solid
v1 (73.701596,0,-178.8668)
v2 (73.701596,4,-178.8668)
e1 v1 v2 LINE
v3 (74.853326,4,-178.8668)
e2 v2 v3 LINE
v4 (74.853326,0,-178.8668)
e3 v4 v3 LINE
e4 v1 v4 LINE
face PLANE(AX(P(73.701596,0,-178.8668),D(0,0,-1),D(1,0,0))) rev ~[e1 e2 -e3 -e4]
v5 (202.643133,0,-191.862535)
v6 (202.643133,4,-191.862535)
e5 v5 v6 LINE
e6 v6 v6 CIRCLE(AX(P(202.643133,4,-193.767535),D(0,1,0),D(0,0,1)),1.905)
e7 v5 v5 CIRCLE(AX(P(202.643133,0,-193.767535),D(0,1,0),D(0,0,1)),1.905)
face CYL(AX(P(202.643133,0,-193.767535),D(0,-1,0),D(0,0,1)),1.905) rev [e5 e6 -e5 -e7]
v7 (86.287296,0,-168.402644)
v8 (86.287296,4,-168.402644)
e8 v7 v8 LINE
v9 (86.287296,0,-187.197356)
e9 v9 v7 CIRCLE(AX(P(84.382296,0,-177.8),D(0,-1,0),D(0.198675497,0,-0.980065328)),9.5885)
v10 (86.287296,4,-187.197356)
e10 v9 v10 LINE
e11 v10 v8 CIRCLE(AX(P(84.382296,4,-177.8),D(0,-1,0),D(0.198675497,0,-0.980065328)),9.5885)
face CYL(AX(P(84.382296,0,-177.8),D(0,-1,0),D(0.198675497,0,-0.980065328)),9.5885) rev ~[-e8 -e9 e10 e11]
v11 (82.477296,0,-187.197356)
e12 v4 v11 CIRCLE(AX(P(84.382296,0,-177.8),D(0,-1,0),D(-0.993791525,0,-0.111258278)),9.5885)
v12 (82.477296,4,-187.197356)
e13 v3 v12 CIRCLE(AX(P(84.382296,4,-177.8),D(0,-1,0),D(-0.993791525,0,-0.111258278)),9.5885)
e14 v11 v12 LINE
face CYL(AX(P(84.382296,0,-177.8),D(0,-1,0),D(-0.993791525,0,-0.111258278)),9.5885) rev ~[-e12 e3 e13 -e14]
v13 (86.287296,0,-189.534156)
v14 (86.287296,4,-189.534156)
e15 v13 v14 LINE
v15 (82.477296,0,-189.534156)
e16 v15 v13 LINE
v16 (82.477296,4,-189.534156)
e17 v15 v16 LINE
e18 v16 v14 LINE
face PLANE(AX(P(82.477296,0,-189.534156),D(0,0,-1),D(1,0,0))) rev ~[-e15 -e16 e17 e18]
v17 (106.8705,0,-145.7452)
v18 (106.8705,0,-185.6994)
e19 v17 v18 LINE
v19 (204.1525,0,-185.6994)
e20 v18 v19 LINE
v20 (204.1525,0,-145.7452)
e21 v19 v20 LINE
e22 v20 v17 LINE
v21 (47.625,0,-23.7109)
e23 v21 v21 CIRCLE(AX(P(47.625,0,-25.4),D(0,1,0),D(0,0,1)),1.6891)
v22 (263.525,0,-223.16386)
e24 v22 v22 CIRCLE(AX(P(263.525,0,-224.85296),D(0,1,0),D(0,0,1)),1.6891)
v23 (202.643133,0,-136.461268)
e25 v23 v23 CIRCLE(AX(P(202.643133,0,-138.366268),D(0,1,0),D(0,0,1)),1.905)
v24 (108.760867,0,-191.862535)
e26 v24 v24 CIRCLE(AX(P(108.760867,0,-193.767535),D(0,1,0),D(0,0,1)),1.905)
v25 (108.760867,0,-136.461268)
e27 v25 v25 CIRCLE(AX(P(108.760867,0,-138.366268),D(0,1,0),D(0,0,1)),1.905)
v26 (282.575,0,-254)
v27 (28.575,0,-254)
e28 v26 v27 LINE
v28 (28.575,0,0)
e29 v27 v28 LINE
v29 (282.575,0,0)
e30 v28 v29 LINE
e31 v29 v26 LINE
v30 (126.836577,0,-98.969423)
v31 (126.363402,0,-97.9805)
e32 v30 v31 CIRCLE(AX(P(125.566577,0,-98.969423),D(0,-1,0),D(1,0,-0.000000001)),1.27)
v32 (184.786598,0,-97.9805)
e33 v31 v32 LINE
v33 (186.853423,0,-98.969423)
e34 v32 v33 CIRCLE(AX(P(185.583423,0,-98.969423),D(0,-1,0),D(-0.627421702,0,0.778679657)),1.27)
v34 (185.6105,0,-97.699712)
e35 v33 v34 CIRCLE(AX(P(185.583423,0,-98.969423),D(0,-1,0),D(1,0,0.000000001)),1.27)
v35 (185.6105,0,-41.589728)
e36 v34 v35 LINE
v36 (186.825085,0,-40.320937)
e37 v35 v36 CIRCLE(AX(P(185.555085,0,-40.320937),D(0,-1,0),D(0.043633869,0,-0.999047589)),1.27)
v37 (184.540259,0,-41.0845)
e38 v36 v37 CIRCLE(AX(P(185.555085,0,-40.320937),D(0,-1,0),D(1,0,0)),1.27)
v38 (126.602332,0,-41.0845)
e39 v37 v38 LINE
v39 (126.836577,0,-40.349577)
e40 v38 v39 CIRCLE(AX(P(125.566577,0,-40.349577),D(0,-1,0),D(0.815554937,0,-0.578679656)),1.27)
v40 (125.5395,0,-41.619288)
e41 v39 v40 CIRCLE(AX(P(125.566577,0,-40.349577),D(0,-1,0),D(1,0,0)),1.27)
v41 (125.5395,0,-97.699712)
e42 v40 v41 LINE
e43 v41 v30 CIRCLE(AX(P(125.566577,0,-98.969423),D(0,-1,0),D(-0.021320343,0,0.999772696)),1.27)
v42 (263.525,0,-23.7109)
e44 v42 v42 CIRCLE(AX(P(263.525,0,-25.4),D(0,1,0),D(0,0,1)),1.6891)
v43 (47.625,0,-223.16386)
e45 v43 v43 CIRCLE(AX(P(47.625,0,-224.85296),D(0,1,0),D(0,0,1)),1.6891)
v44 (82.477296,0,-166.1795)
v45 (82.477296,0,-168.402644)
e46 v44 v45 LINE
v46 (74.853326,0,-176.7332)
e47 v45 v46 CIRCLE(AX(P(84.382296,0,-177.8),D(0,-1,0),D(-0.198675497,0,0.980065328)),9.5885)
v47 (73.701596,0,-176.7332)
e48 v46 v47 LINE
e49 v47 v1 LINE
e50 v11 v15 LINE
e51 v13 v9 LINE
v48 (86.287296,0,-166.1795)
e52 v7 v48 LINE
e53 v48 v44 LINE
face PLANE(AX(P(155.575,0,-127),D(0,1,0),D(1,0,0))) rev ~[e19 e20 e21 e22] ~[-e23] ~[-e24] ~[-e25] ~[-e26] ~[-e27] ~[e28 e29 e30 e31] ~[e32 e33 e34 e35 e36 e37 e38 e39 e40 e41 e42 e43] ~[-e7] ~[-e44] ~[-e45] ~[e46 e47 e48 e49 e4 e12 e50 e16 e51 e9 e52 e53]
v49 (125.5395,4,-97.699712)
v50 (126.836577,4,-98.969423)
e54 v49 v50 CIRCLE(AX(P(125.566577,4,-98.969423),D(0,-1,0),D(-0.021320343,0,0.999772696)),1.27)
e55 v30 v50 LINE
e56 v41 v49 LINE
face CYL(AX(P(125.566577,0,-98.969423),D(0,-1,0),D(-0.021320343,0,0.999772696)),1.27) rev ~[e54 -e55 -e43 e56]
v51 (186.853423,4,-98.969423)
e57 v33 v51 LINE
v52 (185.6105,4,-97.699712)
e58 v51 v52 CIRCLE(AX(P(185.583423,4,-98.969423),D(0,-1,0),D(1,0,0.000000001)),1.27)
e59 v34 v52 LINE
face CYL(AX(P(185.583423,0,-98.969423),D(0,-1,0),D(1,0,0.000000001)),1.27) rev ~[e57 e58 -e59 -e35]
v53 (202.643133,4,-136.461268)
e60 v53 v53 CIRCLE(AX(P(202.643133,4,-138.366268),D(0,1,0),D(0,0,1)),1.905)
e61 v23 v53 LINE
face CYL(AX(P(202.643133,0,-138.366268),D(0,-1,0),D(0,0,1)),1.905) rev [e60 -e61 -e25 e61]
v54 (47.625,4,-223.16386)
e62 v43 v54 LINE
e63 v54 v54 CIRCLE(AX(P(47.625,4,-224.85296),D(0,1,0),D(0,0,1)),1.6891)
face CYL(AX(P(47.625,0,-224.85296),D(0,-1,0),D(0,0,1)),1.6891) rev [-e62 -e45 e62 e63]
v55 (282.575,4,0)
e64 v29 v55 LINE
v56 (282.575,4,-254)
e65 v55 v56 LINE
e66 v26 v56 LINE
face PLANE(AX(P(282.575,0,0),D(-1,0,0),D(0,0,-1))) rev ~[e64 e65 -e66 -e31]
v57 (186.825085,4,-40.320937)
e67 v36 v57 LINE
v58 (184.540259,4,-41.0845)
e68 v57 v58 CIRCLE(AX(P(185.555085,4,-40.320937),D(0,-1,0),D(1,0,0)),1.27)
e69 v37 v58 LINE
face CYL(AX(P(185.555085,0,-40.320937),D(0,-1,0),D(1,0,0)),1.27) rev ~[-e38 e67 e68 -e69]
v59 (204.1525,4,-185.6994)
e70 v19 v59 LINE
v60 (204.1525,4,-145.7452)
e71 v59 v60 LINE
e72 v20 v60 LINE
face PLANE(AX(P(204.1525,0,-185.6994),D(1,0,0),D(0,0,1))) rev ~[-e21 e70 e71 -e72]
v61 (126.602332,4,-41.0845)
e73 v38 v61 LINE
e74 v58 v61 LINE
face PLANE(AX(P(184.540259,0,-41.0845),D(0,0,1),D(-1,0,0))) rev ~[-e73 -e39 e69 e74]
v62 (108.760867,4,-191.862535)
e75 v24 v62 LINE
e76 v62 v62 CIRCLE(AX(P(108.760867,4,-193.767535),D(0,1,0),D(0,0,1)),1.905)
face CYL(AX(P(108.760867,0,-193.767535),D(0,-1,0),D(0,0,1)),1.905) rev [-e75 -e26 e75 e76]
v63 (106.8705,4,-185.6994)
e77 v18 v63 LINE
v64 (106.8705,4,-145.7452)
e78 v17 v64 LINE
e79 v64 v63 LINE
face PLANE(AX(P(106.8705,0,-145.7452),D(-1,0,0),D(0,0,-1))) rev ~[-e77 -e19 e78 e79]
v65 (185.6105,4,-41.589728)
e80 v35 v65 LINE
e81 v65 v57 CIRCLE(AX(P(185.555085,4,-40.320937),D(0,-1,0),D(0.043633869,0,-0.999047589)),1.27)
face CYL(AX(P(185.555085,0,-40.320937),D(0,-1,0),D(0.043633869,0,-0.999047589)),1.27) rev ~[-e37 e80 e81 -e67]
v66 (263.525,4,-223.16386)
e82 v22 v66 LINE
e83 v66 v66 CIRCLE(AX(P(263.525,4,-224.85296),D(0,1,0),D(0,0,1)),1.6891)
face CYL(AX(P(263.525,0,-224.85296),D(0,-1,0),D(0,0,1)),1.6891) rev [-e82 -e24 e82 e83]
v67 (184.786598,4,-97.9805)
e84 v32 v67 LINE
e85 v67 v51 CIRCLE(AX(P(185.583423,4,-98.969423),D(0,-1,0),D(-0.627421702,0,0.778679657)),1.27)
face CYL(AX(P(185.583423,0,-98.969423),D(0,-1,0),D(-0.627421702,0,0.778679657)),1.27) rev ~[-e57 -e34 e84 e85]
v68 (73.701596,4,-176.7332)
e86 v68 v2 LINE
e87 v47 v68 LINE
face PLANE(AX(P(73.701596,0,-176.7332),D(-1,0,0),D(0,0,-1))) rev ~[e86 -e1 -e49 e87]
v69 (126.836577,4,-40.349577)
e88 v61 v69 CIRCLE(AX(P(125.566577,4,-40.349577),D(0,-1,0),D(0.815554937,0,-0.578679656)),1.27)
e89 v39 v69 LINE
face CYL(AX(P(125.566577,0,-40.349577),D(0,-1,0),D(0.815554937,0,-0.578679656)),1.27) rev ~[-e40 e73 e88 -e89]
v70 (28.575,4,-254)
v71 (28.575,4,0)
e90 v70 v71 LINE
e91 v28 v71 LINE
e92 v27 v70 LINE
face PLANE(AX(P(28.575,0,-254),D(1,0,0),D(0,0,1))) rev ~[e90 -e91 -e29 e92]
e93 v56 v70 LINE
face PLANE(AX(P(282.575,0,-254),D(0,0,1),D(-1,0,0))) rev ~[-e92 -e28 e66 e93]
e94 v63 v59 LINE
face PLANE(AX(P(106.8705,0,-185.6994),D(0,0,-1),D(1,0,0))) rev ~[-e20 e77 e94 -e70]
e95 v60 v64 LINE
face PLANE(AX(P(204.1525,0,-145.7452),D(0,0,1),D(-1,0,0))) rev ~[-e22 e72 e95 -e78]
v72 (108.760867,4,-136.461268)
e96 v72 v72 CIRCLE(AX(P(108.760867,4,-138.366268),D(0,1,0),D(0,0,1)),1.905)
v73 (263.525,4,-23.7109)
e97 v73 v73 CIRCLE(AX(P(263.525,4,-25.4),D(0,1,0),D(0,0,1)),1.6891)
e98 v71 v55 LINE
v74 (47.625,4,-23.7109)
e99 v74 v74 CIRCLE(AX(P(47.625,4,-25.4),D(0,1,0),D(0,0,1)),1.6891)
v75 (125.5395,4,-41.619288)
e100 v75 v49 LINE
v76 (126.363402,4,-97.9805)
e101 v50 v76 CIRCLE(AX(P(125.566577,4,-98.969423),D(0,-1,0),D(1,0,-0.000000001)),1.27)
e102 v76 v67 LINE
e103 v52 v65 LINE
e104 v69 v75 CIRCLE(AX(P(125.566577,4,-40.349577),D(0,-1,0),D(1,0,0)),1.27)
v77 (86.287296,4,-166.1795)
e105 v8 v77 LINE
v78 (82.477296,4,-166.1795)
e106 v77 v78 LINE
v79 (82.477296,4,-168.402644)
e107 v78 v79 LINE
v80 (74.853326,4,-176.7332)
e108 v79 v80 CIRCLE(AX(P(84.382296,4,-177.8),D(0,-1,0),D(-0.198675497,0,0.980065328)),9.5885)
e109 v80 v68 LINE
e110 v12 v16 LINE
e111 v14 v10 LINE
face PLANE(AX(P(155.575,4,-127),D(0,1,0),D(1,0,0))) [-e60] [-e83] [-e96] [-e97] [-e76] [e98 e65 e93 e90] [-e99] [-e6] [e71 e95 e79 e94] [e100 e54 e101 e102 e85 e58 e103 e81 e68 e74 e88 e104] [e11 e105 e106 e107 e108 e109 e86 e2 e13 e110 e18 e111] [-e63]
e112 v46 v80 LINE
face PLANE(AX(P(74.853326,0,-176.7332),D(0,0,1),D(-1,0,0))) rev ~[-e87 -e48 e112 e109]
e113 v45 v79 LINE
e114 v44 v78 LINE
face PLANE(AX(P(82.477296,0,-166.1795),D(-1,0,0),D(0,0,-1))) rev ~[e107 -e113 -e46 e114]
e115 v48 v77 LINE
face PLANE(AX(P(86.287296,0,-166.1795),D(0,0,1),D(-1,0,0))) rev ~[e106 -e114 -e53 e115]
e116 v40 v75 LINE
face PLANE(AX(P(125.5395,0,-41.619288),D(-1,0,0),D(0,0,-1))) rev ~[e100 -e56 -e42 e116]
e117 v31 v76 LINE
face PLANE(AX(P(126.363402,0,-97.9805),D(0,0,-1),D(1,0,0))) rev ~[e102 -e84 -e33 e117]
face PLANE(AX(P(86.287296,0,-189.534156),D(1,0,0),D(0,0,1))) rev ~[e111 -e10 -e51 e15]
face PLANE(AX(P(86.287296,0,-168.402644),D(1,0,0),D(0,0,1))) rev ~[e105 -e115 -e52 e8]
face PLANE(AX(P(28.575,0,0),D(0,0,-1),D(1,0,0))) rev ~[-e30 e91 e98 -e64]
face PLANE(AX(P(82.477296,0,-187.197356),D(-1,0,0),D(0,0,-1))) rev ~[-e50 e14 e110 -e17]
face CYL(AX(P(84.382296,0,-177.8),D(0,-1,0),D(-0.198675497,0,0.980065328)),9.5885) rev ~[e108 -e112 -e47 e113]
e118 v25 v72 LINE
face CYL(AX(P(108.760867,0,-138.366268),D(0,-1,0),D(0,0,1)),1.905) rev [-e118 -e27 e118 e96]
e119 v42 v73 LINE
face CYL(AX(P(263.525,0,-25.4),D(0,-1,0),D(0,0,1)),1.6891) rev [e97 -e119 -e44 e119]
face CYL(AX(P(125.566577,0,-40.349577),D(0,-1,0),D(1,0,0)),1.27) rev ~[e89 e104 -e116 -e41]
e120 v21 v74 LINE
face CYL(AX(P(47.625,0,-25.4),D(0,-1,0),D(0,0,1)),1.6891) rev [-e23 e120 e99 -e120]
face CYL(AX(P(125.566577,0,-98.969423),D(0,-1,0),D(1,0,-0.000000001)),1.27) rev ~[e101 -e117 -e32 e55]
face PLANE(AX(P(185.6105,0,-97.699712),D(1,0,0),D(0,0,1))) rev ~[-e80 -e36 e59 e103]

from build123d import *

# Parameters (mm, degrees)
SKETCH1_R           = 1.6891
SKETCH1_R_2         = 1.905
BOSS_EXTRUDE1_DEPTH = 4


with BuildPart() as part:
    # Sketch1 → Boss-Extrude1 (new body)
    with BuildSketch(Plane(origin=(0, 0, 0), x_dir=(1, 0, 0), z_dir=(0, 1, 0))):
        Polygon((28.575, 215.9), (28.575, 0), (282.575, 0), (282.575, 254), (28.575, 254), align=None)
        with Locations(Location((47.625, 25.4, 0), (0, 0, 270))):
            Circle(SKETCH1_R, mode=Mode.SUBTRACT)
        with BuildLine():
            Line((184.540258822, 41.0845), (155.163048801, 41.0845))
            Line((155.163048801, 41.0845), (126.602331606, 41.0845))
            ThreePointArc((126.602331606, 41.0845), (126.776599265, 40.735252505), (126.836576836, 40.349576836))
            ThreePointArc((126.836576836, 40.349576836), (124.678175908, 39.442028606), (125.5395, 41.61928816))
            Line((125.5395, 41.61928816), (125.5395, 97.69971184))
            ThreePointArc((125.5395, 97.69971184), (124.678175908, 99.876971394), (126.836576836, 98.969423164))
            ThreePointArc((126.836576836, 98.969423164), (126.712192056, 98.421275585), (126.363402398, 97.9805))
            Line((126.363402398, 97.9805), (184.786597602, 97.9805))
            ThreePointArc((184.786597602, 97.9805), (185.035275585, 100.115038384), (186.853423164, 98.969423164))
            ThreePointArc((186.853423164, 98.969423164), (186.490971394, 98.081022236), (185.6105, 97.69971184))
            Line((185.6105, 97.69971184), (185.6105, 41.589727831))
            ThreePointArc((185.6105, 41.589727831), (186.472493583, 41.199152325), (186.825084987, 40.320937393))
            ThreePointArc((186.825084987, 40.320937393), (185.152548795, 39.116418977), (184.540258822, 41.0845))
        make_face(mode=Mode.SUBTRACT)
        with Locations(Location((263.525, 25.4, 0), (0, 0, 270))):
            Circle(SKETCH1_R, mode=Mode.SUBTRACT)
        with BuildLine():
            Line((82.477295998, 189.534156397), (84.382295998, 189.534156397))
            Line((84.382295998, 189.534156397), (86.287295998, 189.534156397))
            Line((86.287295998, 189.534156397), (86.287295998, 187.197356397))
            ThreePointArc((86.287295998, 187.197356397), (93.970795998, 177.8), (86.287295998, 168.402643603))
            Line((86.287295998, 168.402643603), (86.287295998, 166.1795))
            Line((86.287295998, 166.1795), (84.382295998, 166.1795))
            Line((84.382295998, 166.1795), (82.477295998, 166.1795))
            Line((82.477295998, 166.1795), (82.477295998, 168.402643603))
            ThreePointArc((82.477295998, 168.402643603), (77.30886259, 171.326525503), (74.853325959, 176.7332))
            Line((74.853325959, 176.7332), (73.701595998, 176.7332))
            Line((73.701595998, 176.7332), (73.701595998, 177.8))
            Line((73.701595998, 177.8), (73.701595998, 178.8668))
            Line((73.701595998, 178.8668), (74.853325959, 178.8668))
            ThreePointArc((74.853325959, 178.8668), (77.30886259, 184.273474497), (82.477295998, 187.197356397))
            Line((82.477295998, 187.197356397), (82.477295998, 189.534156397))
        make_face(mode=Mode.SUBTRACT)
        with Locations(Location((108.760866591, 138.366268292, 0), (0, 0, 270))):
            Circle(SKETCH1_R_2, mode=Mode.SUBTRACT)
        Polygon((106.8705, 185.6994), (155.575, 185.6994), (204.1525, 185.6994), (204.1525, 145.7452), (106.8705, 145.7452), align=None, mode=Mode.SUBTRACT)
        with Locations(Location((47.625, 224.852960253, 0), (0, 0, 270))):
            Circle(SKETCH1_R, mode=Mode.SUBTRACT)
        with Locations(Location((108.760866591, 193.767535109, 0), (0, 0, 270))):
            Circle(SKETCH1_R_2, mode=Mode.SUBTRACT)
        with Locations(Location((202.643133409, 138.366268292, 0), (0, 0, 270))):
            Circle(SKETCH1_R_2, mode=Mode.SUBTRACT)
        with Locations(Location((202.643133409, 193.767535109, 0), (0, 0, 270))):
            Circle(SKETCH1_R_2, mode=Mode.SUBTRACT)
        with Locations(Location((263.525, 224.852960253, 0), (0, 0, 270))):
            Circle(SKETCH1_R, mode=Mode.SUBTRACT)
    extrude(amount=BOSS_EXTRUDE1_DEPTH)


solid = part.part
